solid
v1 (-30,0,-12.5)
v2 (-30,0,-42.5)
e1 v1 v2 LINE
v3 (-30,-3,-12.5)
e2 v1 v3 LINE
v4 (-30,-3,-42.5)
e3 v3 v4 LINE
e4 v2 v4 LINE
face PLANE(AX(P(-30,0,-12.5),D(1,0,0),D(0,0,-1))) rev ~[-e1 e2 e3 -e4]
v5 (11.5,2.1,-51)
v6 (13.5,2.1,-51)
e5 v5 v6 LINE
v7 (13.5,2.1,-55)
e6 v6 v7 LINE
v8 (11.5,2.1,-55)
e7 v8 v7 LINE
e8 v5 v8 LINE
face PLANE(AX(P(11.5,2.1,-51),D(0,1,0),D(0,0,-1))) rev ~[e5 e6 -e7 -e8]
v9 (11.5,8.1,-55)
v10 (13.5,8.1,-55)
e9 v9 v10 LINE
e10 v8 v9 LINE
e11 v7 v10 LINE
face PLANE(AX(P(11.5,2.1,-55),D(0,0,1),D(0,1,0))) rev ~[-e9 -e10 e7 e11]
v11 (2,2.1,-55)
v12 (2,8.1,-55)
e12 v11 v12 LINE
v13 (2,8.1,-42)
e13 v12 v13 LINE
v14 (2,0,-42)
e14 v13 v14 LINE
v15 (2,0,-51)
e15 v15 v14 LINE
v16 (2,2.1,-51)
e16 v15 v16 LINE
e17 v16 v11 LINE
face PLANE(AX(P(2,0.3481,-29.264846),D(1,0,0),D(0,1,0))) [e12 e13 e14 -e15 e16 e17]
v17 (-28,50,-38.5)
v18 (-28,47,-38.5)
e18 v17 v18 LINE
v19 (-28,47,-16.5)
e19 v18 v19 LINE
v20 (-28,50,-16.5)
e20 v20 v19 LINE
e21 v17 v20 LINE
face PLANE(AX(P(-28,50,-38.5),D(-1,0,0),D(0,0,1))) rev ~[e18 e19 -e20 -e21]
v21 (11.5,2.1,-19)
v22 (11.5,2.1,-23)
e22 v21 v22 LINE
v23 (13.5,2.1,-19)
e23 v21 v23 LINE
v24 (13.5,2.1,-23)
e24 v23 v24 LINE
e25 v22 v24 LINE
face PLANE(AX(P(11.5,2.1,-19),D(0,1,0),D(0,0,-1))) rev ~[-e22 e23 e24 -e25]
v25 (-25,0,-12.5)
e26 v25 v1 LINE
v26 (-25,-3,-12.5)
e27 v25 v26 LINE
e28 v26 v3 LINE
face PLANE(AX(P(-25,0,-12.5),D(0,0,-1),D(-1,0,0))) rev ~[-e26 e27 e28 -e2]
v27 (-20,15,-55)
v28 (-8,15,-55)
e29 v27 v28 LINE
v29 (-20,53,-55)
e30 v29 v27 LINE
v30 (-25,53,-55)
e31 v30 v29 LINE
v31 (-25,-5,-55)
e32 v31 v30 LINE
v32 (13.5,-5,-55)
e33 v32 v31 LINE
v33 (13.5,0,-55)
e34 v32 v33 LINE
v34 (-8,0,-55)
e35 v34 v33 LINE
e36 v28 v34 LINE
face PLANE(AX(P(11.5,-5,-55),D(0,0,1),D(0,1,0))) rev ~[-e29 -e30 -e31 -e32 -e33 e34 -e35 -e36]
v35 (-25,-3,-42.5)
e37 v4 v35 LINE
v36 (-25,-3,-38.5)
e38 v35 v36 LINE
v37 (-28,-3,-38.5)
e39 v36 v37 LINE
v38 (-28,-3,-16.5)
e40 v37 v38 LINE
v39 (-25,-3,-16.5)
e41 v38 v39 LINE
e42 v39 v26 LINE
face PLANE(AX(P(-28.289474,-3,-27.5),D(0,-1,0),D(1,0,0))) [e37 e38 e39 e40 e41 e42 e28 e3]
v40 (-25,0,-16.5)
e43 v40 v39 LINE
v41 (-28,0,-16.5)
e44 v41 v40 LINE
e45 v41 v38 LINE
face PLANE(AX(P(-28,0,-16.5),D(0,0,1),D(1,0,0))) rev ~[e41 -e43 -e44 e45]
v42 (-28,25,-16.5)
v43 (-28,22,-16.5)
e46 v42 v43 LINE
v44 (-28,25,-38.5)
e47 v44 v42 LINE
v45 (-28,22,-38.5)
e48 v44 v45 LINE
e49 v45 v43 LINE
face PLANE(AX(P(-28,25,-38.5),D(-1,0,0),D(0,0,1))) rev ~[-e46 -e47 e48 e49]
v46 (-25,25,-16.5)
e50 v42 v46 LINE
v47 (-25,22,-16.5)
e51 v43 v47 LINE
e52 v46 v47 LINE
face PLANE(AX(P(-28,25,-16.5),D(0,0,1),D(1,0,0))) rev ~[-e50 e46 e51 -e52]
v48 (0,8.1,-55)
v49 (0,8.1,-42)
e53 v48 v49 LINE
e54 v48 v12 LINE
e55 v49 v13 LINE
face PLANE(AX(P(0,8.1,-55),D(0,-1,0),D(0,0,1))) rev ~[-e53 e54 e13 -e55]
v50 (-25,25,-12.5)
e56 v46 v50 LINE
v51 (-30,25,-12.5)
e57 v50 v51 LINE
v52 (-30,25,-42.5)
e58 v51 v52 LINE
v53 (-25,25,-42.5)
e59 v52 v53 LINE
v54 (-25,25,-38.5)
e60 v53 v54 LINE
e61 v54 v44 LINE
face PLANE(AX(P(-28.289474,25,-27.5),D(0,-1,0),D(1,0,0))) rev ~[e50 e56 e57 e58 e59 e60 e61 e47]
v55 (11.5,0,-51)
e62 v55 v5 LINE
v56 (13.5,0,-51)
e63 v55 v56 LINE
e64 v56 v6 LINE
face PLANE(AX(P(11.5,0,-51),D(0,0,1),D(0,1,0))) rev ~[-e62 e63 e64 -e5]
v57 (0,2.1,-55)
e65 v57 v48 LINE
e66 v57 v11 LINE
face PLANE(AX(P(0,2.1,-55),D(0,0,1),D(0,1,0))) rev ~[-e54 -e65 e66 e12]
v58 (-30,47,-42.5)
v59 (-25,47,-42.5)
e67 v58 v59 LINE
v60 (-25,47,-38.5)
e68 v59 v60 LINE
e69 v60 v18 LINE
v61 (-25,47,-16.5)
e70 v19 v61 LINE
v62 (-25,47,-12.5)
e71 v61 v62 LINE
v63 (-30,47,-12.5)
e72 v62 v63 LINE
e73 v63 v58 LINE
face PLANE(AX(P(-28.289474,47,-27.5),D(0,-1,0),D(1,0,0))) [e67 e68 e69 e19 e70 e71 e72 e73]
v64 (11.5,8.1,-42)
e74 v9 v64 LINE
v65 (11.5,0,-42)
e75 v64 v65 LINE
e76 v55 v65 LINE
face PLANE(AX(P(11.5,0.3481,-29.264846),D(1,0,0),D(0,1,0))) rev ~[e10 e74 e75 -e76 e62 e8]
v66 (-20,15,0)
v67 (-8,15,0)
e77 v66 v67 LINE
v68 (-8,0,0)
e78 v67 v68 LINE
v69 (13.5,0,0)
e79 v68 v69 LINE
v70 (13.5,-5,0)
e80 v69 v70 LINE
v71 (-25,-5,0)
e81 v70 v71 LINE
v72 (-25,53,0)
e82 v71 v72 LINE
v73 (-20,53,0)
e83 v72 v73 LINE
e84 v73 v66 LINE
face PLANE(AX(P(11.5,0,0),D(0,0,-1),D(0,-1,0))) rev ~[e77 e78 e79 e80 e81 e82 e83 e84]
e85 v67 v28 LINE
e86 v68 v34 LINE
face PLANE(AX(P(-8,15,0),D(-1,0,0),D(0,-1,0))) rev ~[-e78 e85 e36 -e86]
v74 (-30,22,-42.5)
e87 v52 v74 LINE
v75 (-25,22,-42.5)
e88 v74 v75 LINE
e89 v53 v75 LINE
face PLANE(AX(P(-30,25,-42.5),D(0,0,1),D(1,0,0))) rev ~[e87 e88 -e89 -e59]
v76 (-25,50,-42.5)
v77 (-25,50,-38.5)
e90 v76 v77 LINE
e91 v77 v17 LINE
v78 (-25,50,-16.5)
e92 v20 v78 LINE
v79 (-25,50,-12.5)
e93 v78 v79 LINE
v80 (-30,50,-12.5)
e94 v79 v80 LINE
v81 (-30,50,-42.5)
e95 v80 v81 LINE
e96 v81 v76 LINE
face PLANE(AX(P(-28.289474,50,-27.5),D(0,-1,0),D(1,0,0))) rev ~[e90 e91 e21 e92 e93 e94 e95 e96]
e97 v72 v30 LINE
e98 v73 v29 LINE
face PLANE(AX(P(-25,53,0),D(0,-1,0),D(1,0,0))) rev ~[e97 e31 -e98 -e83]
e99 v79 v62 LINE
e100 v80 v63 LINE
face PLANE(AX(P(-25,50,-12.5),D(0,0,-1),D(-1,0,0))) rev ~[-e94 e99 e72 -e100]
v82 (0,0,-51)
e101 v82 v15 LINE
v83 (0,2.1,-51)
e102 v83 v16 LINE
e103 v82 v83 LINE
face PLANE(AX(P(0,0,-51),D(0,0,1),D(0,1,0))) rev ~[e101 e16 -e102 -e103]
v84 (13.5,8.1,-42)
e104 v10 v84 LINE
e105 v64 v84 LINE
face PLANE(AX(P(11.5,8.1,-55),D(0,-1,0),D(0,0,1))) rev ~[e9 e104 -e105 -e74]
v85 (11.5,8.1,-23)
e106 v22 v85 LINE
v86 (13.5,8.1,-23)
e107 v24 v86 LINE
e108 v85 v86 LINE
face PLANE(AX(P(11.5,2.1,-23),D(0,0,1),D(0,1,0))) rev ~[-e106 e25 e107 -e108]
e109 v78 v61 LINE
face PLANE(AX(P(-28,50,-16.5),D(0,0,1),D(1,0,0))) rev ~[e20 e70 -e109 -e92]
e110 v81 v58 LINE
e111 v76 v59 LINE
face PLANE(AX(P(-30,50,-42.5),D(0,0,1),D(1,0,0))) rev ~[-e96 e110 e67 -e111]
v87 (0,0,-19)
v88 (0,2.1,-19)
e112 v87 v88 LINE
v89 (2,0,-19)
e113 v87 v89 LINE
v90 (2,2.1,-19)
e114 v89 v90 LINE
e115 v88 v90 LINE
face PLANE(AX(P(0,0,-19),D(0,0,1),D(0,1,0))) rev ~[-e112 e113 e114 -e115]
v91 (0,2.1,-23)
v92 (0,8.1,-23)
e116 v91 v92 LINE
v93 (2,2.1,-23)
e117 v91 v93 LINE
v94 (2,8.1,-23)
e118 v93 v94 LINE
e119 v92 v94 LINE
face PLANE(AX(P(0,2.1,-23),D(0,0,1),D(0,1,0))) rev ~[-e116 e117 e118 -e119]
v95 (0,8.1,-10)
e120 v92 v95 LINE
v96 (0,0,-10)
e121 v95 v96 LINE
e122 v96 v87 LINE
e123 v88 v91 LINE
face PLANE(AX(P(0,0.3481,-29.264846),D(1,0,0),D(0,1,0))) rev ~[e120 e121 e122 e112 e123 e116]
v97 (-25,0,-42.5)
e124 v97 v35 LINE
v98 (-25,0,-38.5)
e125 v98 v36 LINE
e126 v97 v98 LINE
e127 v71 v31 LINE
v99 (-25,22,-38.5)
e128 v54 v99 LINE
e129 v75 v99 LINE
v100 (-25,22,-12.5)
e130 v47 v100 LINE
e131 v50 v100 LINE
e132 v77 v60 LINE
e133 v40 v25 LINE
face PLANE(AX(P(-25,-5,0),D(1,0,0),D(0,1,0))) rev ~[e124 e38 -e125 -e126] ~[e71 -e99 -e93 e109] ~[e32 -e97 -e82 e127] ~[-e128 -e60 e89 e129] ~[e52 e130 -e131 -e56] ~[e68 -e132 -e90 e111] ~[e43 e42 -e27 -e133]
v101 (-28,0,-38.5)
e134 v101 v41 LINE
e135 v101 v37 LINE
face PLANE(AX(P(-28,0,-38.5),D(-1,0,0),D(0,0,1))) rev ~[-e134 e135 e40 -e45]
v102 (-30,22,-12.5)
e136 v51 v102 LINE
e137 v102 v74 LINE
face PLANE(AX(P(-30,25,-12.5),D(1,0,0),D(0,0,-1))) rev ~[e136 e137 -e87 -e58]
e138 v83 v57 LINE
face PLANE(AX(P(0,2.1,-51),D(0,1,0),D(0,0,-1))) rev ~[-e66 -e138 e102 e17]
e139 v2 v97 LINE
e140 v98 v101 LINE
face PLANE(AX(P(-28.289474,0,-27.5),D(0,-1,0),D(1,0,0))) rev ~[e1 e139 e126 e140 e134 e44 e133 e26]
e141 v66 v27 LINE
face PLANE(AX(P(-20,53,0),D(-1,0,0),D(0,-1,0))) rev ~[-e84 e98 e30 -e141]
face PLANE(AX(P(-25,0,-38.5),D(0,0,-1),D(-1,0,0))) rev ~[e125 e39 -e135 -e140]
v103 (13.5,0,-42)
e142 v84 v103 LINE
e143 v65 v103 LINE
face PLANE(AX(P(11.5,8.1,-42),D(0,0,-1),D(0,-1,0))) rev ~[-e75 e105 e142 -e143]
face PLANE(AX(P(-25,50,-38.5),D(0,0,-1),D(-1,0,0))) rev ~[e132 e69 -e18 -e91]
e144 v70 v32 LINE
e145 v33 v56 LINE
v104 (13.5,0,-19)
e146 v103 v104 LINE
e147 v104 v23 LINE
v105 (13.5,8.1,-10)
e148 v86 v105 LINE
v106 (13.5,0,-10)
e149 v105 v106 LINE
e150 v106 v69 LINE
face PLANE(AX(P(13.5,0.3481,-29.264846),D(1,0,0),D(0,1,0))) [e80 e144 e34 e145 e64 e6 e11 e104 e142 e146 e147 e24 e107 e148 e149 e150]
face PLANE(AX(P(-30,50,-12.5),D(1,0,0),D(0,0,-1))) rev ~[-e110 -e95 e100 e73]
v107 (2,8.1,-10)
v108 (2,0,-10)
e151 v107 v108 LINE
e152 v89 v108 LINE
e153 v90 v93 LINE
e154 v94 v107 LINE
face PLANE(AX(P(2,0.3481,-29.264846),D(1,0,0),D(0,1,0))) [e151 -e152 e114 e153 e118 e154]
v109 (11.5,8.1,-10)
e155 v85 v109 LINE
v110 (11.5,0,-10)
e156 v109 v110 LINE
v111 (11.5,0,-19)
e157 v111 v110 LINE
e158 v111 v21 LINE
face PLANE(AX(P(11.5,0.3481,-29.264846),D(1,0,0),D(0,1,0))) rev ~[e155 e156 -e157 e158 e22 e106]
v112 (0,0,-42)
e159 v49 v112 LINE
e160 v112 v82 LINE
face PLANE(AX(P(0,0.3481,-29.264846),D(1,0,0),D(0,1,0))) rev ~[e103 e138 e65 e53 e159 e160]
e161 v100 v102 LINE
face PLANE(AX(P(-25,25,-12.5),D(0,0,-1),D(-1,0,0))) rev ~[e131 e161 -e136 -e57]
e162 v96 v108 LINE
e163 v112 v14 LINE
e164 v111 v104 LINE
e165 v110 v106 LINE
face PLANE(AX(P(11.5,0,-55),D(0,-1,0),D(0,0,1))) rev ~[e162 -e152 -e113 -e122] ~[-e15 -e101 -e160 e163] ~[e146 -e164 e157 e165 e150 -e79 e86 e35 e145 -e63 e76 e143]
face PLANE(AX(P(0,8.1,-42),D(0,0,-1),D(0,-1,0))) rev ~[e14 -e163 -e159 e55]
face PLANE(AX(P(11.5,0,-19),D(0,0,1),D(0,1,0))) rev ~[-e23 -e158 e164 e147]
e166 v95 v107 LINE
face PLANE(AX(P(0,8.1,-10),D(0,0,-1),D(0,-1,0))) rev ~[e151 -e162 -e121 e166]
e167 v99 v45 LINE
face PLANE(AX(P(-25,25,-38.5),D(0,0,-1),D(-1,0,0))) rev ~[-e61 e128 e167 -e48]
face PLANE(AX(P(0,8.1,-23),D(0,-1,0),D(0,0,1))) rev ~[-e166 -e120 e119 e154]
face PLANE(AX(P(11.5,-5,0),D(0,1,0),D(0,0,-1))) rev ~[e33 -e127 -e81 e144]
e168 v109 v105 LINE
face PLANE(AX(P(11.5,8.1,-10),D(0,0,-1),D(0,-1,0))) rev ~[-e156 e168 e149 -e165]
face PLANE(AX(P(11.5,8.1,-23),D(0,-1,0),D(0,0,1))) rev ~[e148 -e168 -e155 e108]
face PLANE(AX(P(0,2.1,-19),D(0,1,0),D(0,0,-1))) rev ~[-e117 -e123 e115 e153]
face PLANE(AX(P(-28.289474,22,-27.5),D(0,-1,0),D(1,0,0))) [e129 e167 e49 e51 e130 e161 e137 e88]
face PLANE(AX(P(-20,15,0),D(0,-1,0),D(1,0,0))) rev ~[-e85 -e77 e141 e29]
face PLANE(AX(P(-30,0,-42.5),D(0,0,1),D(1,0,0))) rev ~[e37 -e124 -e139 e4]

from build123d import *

# Parameters (mm, degrees)
PAD_DEPTH              = 55
PAD003_DEPTH           = 2
SKETCH005_W            = 5
SKETCH005_H            = 55
PAD004_DEPTH           = 9.5
LINEARPATTERN_COUNT    = 2
LINEARPATTERN_PITCH    = 11.5
PAD005_DEPTH           = 3
LINEARPATTERN001_COUNT = 3
LINEARPATTERN001_PITCH = 25


with BuildPart() as part:
    # Sketch004 → Pad (new body)
    with BuildSketch(Plane.XY):
        Polygon((0, -5), (-25, -5), (-25, 53), (-20, 53), (-20, 15), (-8, 15), (-8, 0), (0, 0), align=None)
    extrude(amount=-PAD_DEPTH)

    # Sketch (on Face8 of Pad) → Pad003 (join)
    with BuildSketch(Plane.YZ):
        Polygon((-5, -55), (0, -55), (0, -51), (2.1, -51), (2.1, -55), (8.1, -55), (8.1, -42), (0, -42), (0, -19), (2.1, -19), (2.1, -23), (8.1, -23), (8.1, -10), (0, -10), (0, 0), (-5, 0), align=None)
    pad003 = extrude(amount=PAD003_DEPTH)

    # Sketch005 (on Face8 of Pad003) → Pad004 (join)
    with BuildSketch(Plane.YZ.offset(2)):
        with Locations((-2.5, -27.5)):
            Rectangle(SKETCH005_W, SKETCH005_H)
    extrude(amount=PAD004_DEPTH)

    # LinearPattern: Pad003 ×2
    with Locations(*[(i * LINEARPATTERN_PITCH, 0, 0) for i in range(1, LINEARPATTERN_COUNT)]):
        add(pad003)

    # Sketch006 (on DatumPlane) → Pad005 (join)
    with BuildSketch(Plane.XZ):
        Polygon((-25, -12.5), (-30, -12.5), (-30, -42.5), (-25, -42.5), (-25, -38.5), (-28, -38.5), (-28, -16.5), (-25, -16.5), align=None)
    pad005 = extrude(amount=PAD005_DEPTH)

    # LinearPattern001: Pad005 ×3
    with Locations(*[(0, i * LINEARPATTERN001_PITCH, 0) for i in range(1, LINEARPATTERN001_COUNT)]):
        add(pad005)


solid = part.part
